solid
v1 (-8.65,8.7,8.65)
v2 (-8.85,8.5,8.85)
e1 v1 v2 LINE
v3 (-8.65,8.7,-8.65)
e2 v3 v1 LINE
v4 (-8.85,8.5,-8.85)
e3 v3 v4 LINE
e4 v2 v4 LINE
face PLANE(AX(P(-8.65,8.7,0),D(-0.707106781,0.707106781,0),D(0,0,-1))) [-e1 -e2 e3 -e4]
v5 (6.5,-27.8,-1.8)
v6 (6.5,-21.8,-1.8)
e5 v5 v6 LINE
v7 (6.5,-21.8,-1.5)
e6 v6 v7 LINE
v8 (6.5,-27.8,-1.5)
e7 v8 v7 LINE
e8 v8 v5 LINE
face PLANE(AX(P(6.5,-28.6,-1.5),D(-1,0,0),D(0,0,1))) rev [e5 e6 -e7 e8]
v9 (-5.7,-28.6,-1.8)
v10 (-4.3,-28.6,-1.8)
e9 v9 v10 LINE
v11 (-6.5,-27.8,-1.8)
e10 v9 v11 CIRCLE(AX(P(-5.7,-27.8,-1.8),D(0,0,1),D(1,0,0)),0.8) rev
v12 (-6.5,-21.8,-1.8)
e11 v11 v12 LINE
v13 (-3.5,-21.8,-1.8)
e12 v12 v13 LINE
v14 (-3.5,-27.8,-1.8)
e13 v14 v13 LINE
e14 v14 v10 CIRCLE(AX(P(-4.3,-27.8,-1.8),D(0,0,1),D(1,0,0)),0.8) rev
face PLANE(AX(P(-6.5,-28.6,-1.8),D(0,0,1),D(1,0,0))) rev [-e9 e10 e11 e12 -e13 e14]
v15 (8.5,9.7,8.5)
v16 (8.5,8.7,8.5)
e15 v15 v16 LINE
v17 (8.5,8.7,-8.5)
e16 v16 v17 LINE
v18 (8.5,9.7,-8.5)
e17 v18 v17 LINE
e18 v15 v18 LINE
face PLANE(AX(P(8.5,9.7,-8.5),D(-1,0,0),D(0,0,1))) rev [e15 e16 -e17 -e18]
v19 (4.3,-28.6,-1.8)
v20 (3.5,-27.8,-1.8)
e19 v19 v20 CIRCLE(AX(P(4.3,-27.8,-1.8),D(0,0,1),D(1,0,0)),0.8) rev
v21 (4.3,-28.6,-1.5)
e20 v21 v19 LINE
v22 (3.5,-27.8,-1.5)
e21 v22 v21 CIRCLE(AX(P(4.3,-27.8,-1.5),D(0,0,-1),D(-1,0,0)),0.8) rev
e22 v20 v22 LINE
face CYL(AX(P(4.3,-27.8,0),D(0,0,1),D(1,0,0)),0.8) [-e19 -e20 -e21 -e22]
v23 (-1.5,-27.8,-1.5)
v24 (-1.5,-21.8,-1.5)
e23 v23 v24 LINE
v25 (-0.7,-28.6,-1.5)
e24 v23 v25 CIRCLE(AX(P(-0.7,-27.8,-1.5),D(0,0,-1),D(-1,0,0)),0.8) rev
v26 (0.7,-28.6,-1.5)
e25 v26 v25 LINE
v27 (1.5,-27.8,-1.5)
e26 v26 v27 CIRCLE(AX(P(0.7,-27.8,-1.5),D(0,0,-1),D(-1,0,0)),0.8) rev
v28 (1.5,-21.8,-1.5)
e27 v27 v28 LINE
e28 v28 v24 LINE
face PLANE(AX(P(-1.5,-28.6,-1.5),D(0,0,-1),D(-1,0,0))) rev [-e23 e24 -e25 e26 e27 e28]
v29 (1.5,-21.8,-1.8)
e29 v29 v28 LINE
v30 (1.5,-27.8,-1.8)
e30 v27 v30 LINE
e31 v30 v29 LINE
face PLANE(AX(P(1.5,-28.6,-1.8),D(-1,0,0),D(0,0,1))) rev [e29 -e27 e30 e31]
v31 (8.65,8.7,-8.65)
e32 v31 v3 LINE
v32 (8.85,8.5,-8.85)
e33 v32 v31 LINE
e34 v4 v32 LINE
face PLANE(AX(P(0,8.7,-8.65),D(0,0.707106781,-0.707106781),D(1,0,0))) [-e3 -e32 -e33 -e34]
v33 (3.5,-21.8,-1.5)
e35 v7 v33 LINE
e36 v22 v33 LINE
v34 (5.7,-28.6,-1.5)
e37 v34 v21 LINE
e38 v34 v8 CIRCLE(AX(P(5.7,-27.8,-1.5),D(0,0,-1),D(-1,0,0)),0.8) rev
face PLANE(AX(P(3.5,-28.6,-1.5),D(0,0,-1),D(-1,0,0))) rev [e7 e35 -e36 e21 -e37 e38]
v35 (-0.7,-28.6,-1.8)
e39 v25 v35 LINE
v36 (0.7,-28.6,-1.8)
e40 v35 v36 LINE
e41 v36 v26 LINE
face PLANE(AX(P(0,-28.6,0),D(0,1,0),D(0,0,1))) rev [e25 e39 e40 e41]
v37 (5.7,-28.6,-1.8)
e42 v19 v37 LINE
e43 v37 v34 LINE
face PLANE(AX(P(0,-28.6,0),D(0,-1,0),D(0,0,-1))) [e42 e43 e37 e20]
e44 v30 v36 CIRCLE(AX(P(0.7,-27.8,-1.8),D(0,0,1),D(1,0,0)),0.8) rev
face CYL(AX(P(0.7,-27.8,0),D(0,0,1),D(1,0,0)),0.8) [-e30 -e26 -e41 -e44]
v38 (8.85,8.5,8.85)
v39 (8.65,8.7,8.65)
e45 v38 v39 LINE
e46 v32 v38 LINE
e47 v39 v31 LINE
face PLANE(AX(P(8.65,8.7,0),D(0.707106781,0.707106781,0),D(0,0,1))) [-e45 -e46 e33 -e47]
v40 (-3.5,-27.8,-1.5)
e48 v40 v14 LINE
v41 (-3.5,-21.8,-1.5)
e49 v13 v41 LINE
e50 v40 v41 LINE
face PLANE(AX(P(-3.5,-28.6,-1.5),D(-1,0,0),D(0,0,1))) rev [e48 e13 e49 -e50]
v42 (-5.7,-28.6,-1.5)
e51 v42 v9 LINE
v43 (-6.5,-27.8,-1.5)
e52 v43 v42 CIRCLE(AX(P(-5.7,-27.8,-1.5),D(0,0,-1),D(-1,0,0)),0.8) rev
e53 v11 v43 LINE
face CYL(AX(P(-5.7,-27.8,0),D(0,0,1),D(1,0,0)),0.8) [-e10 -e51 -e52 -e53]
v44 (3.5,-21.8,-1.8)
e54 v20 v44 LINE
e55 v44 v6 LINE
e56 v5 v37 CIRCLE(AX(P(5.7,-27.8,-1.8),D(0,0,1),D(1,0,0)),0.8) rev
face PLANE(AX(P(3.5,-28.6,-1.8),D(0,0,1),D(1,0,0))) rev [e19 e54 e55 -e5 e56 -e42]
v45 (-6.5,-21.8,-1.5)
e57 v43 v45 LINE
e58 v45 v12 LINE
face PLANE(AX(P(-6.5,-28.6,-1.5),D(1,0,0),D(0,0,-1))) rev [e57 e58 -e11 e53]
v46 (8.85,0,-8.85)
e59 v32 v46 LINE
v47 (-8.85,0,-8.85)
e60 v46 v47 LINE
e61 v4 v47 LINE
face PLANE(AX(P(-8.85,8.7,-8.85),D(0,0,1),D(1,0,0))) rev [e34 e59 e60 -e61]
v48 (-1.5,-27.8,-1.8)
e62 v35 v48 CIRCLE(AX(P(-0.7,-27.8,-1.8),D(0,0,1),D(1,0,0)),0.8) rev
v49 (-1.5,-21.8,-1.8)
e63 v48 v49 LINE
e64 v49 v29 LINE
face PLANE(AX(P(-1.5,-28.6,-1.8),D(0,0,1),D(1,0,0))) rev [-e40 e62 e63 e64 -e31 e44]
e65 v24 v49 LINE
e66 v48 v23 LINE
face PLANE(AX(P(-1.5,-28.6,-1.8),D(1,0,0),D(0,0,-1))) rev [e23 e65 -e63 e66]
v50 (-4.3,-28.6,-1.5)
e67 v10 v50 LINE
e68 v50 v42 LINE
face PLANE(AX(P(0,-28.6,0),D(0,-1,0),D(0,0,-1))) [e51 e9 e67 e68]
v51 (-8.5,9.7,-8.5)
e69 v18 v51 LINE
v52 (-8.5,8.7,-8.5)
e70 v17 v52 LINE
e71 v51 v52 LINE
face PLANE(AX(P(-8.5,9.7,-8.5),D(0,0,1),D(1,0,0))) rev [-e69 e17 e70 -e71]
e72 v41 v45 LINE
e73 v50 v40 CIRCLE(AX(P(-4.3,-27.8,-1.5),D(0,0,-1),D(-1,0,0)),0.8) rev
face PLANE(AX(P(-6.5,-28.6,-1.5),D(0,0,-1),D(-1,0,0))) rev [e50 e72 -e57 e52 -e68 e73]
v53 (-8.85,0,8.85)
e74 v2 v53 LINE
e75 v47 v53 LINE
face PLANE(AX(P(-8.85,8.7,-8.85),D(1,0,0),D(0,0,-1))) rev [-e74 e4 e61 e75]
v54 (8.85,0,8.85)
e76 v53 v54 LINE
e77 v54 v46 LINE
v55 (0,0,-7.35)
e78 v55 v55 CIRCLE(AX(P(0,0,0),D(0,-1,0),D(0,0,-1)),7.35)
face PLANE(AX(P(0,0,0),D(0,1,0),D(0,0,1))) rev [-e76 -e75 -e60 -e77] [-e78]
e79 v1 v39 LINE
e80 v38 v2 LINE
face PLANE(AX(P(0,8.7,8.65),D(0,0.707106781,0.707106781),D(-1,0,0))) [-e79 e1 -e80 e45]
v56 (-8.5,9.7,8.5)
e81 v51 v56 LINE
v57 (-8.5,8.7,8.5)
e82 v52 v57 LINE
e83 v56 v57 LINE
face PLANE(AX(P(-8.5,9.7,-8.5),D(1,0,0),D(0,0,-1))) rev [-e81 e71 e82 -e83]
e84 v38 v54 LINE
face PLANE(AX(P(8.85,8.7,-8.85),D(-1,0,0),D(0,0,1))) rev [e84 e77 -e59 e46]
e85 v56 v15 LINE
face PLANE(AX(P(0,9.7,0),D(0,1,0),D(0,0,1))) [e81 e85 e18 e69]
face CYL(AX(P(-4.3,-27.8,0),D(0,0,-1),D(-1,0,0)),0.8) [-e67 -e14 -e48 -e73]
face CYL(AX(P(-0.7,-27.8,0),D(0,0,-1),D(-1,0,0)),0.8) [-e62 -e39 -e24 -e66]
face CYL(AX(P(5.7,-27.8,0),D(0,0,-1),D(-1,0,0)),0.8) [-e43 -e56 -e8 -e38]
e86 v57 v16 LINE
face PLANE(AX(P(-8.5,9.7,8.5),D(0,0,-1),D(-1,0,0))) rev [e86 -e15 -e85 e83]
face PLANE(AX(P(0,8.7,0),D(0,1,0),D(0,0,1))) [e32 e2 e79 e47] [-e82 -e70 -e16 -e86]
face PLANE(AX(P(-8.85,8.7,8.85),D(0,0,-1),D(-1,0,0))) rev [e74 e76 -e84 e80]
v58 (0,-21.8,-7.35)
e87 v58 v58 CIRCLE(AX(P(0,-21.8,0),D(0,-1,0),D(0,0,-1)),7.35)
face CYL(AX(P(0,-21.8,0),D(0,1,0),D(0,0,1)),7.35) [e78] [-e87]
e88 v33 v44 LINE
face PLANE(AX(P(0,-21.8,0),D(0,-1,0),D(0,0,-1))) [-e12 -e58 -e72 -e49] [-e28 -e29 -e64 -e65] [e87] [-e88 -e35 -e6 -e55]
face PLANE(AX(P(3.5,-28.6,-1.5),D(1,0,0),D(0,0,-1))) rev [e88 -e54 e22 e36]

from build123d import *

# Parameters (mm, degrees)
SKETCH_1_W      = 17.7
SKETCH_1_H      = 17.7
EXTRUDE_1_DEPTH = 8.7
SKETCH_2_R      = 7.35
EXTRUDE_2_DEPTH = 21.8
SKETCH_3_W      = 3
SKETCH_3_H      = 0.3
EXTRUDE_3_DEPTH = 6.8
FILLET_1_R      = 0.8
SKETCH_4_W      = 17
SKETCH_4_H      = 17
EXTRUDE_4_DEPTH = 1
CHAMFER_1_SIZE  = 0.2


with BuildPart() as part:
    # 草图1 → 凸台-拉伸1 (new body)
    with BuildSketch(Plane(origin=(0, 0, 0), x_dir=(1, 0, 0), z_dir=(0, 1, 0))):
        Rectangle(SKETCH_1_W, SKETCH_1_H)
    extrude(amount=EXTRUDE_1_DEPTH)

    # 草图2 → 凸台-拉伸2 (add)
    with BuildSketch(Plane.XZ):
        Circle(SKETCH_2_R)
    extrude(amount=EXTRUDE_2_DEPTH)

    # 草图3 → 凸台-拉伸3 (add)
    with BuildSketch(Plane.XZ.offset(21.8)):
        with Locations((-5, -1.65)):
            Rectangle(SKETCH_3_W, SKETCH_3_H)
        with Locations((0, -1.65)):
            Rectangle(SKETCH_3_W, SKETCH_3_H)
        with Locations((5, -1.65)):
            Rectangle(SKETCH_3_W, SKETCH_3_H)
    extrude(amount=EXTRUDE_3_DEPTH)

    # 圆角1
    fillet_1_edges = [part.edges().sort_by_distance(p)[0] for p in [
        (-6.5, -28.6, -1.65),
        (-3.5, -28.6, -1.65),
        (-1.5, -28.6, -1.65),
        (1.5, -28.6, -1.65),
        (3.5, -28.6, -1.65),
        (6.5, -28.6, -1.65),
    ]]
    fillet(fillet_1_edges, radius=FILLET_1_R)

    # 草图4 → 凸台-拉伸4 (add)
    with BuildSketch(Plane(origin=(0, 8.7, 0), x_dir=(1, 0, 0), z_dir=(0, 1, 0))):
        Rectangle(SKETCH_4_W, SKETCH_4_H)
    extrude(amount=EXTRUDE_4_DEPTH)

    # 倒角1
    chamfer_1_edges = [part.edges().sort_by_distance(p)[0] for p in [
        (-8.85, 8.7, 0),
        (0, 8.7, 8.85),
        (8.85, 8.7, 0),
        (0, 8.7, -8.85),
    ]]
    chamfer(chamfer_1_edges, length=CHAMFER_1_SIZE)


solid = part.part
